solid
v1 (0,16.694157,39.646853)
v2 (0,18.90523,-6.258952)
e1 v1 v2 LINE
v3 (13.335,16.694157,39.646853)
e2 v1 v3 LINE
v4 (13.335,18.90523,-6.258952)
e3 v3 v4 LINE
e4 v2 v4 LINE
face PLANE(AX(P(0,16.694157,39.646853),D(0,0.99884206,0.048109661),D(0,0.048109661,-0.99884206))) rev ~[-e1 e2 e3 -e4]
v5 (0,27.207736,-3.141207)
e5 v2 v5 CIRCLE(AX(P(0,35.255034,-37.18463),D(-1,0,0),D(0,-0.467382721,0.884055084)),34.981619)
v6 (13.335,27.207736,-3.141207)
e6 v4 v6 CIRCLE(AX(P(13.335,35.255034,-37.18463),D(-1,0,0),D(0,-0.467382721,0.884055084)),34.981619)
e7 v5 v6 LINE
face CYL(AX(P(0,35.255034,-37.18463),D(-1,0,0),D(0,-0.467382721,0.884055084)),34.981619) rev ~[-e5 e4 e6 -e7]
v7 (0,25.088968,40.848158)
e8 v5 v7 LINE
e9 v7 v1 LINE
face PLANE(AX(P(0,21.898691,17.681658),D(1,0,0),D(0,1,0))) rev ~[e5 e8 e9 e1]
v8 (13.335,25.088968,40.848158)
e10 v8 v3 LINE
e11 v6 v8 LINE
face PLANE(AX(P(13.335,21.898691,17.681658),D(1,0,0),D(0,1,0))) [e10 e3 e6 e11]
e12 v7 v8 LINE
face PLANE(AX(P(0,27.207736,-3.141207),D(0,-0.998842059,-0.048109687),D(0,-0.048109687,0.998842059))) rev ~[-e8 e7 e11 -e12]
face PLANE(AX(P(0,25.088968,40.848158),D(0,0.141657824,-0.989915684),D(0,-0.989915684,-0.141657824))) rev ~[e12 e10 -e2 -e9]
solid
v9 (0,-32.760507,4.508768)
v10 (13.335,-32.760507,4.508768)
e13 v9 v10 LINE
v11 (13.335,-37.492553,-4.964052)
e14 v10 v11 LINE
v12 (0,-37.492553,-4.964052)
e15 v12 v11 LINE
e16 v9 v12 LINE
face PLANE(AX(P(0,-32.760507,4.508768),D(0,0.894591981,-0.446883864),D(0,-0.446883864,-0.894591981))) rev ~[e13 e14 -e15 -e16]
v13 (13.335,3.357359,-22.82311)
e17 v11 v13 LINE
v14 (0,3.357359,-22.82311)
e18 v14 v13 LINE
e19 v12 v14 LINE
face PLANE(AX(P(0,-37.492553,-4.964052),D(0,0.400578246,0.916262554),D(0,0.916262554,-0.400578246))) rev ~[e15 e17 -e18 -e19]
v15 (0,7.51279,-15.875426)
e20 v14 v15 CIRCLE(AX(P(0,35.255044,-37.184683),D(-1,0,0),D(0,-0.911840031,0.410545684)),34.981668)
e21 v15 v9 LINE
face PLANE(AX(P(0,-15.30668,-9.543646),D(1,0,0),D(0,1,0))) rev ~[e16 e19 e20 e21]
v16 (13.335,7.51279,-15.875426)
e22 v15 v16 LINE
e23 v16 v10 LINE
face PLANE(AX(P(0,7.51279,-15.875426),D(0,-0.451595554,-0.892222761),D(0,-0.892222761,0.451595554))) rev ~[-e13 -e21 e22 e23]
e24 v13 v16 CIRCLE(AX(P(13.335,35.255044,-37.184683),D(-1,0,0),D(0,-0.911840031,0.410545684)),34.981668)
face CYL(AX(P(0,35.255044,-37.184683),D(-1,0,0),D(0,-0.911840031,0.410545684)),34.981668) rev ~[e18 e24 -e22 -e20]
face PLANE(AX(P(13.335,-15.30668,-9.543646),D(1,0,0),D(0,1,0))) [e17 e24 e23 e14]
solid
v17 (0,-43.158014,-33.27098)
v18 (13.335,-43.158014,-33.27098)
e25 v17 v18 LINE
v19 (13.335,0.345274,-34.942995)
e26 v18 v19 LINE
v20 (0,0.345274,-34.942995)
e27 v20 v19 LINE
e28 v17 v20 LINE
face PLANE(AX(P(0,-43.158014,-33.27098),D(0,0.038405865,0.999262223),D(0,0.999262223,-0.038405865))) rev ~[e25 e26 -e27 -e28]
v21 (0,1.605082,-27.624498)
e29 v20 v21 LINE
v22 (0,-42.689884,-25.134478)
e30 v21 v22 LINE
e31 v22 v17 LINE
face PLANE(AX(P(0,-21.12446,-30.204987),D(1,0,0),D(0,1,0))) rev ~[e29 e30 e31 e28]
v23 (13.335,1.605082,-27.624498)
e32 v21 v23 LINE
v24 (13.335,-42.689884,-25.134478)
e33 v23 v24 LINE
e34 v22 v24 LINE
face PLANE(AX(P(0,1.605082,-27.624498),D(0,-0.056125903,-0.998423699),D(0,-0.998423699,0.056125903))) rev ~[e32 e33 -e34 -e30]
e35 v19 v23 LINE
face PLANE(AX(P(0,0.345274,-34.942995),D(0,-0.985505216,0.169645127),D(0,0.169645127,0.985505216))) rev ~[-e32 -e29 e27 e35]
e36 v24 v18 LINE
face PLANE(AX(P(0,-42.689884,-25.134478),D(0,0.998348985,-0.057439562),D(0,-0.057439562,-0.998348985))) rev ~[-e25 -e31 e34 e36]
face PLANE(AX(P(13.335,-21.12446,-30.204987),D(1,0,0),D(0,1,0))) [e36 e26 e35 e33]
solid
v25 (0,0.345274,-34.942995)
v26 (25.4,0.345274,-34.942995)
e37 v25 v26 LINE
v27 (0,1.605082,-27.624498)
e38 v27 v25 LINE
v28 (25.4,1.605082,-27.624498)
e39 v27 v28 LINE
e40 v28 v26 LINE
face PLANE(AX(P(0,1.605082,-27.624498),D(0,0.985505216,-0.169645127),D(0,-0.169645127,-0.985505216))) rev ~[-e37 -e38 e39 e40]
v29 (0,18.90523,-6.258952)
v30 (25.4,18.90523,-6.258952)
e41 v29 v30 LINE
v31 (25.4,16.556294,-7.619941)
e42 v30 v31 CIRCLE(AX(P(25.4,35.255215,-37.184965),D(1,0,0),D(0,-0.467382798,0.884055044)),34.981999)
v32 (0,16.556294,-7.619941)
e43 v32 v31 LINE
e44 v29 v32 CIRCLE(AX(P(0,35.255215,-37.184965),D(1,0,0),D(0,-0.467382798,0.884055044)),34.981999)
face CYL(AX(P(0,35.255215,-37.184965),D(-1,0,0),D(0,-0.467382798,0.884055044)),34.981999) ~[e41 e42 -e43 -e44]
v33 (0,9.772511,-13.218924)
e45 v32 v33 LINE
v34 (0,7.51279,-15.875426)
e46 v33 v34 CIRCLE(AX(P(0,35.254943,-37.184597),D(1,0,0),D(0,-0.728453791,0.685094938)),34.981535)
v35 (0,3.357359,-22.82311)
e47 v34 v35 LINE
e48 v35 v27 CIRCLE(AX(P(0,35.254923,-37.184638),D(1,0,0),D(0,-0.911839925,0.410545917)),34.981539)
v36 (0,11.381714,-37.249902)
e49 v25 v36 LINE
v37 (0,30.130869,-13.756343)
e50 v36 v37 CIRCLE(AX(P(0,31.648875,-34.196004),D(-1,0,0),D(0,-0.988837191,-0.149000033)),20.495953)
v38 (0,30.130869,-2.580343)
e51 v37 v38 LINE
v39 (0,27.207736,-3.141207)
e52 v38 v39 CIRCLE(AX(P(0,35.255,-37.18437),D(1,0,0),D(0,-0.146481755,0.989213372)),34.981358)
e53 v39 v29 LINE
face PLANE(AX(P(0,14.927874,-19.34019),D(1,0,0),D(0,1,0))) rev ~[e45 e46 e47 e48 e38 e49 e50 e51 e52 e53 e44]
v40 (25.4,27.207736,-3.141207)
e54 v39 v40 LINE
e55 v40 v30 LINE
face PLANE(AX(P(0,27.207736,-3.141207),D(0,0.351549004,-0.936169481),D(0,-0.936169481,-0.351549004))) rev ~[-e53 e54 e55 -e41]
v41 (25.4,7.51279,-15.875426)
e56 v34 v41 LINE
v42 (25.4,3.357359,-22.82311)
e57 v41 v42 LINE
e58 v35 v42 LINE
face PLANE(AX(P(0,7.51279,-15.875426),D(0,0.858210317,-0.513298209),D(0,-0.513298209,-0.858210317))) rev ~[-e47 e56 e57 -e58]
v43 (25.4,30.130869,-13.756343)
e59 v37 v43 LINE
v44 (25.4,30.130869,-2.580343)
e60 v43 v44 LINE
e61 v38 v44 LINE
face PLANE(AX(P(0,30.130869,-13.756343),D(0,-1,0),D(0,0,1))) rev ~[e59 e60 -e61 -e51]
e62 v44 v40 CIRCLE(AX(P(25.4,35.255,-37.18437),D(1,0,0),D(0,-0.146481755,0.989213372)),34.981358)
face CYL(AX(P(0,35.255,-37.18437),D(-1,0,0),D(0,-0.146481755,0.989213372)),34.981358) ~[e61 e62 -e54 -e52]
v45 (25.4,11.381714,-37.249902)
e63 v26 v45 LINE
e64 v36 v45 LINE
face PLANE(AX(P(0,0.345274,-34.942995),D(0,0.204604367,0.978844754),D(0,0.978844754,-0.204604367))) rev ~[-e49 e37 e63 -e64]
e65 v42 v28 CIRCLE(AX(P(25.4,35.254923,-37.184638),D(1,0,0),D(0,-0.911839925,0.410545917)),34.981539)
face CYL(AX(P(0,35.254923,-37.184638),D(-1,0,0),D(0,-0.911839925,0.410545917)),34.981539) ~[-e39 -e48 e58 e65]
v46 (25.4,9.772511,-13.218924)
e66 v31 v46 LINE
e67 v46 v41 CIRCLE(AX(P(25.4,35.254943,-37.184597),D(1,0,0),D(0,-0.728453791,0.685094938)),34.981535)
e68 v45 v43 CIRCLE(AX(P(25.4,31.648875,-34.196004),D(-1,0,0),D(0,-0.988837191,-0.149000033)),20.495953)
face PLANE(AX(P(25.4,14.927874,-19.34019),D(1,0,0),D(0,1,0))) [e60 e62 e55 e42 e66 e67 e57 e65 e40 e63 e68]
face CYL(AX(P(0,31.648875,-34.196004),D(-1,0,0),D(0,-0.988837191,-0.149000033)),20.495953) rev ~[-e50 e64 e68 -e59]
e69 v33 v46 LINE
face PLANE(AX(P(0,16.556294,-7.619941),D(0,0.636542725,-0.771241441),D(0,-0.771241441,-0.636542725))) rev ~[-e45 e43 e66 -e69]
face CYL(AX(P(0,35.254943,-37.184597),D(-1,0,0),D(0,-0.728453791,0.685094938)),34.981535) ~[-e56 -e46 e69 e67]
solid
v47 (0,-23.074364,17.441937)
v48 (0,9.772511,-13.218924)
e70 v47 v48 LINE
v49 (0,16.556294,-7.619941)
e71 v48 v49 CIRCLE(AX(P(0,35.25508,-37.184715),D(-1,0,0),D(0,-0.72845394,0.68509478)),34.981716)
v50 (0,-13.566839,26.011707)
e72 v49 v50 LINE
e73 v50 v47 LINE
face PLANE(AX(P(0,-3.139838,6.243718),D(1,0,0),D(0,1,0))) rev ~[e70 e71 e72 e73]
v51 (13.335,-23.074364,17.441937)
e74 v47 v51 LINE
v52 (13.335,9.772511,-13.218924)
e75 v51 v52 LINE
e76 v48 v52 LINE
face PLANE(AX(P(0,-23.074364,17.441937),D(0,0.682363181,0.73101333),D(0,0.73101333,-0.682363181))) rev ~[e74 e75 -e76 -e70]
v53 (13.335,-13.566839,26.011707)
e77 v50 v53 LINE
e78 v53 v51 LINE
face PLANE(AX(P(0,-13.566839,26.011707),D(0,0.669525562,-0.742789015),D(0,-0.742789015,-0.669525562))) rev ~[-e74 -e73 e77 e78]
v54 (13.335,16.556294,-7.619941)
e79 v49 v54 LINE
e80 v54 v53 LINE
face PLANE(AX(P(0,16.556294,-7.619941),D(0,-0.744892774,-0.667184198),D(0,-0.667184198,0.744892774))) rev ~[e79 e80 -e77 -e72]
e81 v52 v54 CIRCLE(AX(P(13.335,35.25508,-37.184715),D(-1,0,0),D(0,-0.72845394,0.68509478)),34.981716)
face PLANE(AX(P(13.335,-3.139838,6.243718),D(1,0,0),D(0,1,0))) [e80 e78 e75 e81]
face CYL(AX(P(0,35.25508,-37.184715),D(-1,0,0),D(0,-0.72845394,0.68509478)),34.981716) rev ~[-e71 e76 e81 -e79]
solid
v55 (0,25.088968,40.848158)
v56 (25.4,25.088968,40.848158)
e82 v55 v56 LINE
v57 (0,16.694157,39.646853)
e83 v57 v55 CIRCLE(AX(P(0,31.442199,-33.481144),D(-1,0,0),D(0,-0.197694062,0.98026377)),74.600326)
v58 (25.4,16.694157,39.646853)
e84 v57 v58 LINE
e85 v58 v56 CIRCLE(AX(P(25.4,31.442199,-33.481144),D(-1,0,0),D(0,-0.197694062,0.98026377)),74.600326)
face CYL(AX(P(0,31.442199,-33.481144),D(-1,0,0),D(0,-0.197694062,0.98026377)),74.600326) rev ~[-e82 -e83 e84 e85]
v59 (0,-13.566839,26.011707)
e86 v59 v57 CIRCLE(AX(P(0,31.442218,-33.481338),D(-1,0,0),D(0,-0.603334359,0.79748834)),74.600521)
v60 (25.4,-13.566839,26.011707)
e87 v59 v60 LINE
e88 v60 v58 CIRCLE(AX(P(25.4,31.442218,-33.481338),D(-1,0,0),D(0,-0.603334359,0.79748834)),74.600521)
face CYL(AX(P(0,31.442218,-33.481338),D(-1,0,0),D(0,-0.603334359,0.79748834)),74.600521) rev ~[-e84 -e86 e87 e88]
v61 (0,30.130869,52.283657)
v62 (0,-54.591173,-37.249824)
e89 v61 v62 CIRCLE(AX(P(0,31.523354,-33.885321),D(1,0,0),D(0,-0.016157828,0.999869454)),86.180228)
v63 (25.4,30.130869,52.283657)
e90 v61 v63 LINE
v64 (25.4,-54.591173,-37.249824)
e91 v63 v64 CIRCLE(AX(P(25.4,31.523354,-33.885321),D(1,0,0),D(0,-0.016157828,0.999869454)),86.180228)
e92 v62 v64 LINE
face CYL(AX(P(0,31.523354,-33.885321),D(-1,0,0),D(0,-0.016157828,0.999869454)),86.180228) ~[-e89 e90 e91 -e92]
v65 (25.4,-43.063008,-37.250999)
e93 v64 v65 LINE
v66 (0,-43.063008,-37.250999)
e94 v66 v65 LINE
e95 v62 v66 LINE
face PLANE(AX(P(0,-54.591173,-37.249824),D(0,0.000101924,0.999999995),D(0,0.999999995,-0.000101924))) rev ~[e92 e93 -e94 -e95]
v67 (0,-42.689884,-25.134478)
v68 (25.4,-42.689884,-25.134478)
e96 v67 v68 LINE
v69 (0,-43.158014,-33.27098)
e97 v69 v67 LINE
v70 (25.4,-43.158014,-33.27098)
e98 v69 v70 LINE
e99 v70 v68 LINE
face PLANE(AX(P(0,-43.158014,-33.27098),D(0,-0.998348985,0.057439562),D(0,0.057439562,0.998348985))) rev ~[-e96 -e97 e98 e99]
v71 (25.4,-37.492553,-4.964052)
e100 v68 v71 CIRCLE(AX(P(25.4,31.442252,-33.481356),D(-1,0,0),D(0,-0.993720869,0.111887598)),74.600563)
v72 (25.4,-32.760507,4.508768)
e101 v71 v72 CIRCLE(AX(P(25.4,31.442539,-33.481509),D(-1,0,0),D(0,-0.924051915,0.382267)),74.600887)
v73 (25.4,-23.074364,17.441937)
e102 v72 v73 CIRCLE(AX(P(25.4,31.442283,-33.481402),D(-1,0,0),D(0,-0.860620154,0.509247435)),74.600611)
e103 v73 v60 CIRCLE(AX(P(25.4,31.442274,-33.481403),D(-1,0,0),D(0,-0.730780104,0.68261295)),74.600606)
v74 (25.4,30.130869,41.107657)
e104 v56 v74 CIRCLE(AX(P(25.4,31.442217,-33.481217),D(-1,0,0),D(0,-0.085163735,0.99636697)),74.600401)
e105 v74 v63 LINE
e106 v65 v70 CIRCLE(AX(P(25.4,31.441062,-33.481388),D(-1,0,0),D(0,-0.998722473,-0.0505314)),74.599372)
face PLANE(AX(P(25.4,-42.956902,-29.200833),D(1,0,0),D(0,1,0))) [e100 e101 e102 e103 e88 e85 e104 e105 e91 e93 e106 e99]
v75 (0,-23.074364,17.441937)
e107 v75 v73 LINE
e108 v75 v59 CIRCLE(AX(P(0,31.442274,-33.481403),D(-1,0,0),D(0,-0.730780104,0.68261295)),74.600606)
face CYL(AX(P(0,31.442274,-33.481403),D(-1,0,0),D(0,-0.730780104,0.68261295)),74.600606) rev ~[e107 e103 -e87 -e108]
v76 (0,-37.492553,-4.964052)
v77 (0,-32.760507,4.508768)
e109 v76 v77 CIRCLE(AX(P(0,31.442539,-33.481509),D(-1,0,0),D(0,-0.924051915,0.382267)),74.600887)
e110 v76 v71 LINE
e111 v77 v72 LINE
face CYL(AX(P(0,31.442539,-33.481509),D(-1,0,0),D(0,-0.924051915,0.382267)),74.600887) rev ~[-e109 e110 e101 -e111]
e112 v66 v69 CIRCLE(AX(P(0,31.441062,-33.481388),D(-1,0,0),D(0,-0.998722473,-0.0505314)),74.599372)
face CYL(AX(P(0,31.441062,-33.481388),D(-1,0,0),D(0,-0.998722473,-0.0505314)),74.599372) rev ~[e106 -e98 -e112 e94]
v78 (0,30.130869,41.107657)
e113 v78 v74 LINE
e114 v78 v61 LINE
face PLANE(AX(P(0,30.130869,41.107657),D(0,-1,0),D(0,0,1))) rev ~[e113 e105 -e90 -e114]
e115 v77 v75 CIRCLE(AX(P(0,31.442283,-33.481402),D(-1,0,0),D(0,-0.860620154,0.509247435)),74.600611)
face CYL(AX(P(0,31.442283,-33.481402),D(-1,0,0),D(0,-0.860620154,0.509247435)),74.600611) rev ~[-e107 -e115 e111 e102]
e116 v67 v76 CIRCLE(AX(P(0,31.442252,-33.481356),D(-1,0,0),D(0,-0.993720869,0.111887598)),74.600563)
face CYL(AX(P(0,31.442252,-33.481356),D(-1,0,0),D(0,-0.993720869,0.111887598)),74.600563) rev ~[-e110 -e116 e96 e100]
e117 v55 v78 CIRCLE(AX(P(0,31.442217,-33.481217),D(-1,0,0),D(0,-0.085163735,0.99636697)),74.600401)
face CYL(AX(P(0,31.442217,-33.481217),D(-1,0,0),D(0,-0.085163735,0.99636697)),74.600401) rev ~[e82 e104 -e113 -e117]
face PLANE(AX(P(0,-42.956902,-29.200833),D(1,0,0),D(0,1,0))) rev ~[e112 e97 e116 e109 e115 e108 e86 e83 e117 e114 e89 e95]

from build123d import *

# Parameters (mm, degrees)
F1_DEPTH = 25.4
F2_DEPTH = 13.335


with BuildPart() as f1:
    # F0 (on Right) → F1 (new body)
    with BuildSketch(Plane.YZ):
        with BuildLine():
            ThreePointArc((-42.689884, -25.134478), (-43.035144, -29.196331), (-43.158014, -33.27098))
            Line((-43.158014, -33.27098), (-42.689884, -25.134478))
        make_face()
        with BuildLine():
            ThreePointArc((25.088968, 40.848158), (27.607723, 41.020571), (30.130869, 41.107657))
            Line((30.130869, 41.107657), (30.130869, 52.283657))
            ThreePointArc((30.130869, 52.283657), (-31.074013, 25.348127), (-54.591173, -37.249824))
            Line((-54.591173, -37.249824), (-43.063008, -37.250999))
            ThreePointArc((-43.063008, -37.250999), (-43.137066, -35.261623), (-43.158014, -33.27098))
            ThreePointArc((-43.158014, -33.27098), (-43.035144, -29.196331), (-42.689884, -25.134478))
            ThreePointArc((-42.689884, -25.134478), (-40.798657, -14.866979), (-37.492553, -4.964052))
            ThreePointArc((-37.492553, -4.964052), (-35.294816, -0.143577), (-32.760507, 4.508768))
            ThreePointArc((-32.760507, 4.508768), (-28.268628, 11.238374), (-23.074364, 17.441937))
            ThreePointArc((-23.074364, 17.441937), (-18.504738, 21.931108), (-13.566839, 26.011707))
            ThreePointArc((-13.566839, 26.011707), (0.795724, 34.533587), (16.694157, 39.646853))
            ThreePointArc((16.694157, 39.646853), (20.874479, 40.366889), (25.088968, 40.848158))
        make_face()
        with BuildLine():
            ThreePointArc((11.381714, -37.249902), (15.629037, -21.411291), (30.130869, -13.756343))
            Line((30.130869, -13.756343), (30.130869, -2.580343))
            ThreePointArc((30.130869, -2.580343), (28.663334, -2.829671), (27.207736, -3.141207))
            Line((27.207736, -3.141207), (18.90523, -6.258952))
            ThreePointArc((18.90523, -6.258952), (17.717555, -6.916652), (16.556294, -7.619941))
            Line((16.556294, -7.619941), (9.772511, -13.218924))
            ThreePointArc((9.772511, -13.218924), (8.609524, -14.518996), (7.51279, -15.875426))
            Line((7.51279, -15.875426), (3.357359, -22.82311))
            ThreePointArc((3.357359, -22.82311), (2.393412, -25.191758), (1.605082, -27.624498))
            Line((1.605082, -27.624498), (0.345274, -34.942995))
            Line((0.345274, -34.942995), (11.381714, -37.249902))
        make_face()
    extrude(amount=F1_DEPTH)


with BuildPart() as f2:
    # F0 (on Right) → F2 (new body)
    with BuildSketch(Plane.YZ):
        with BuildLine():
            ThreePointArc((9.772511, -13.218924), (12.987723, -10.205366), (16.556294, -7.619941))
            Line((16.556294, -7.619941), (-13.566839, 26.011707))
            Line((-13.566839, 26.011707), (-23.074364, 17.441937))
            Line((-23.074364, 17.441937), (9.772511, -13.218924))
        make_face()
        with BuildLine():
            ThreePointArc((18.90523, -6.258952), (22.957281, -4.435906), (27.207736, -3.141207))
            Line((27.207736, -3.141207), (25.088968, 40.848158))
            Line((25.088968, 40.848158), (16.694157, 39.646853))
            Line((16.694157, 39.646853), (18.90523, -6.258952))
        make_face()
        with BuildLine():
            Line((-37.492553, -4.964052), (3.357359, -22.82311))
            ThreePointArc((3.357359, -22.82311), (5.233416, -19.228655), (7.51279, -15.875426))
            Line((7.51279, -15.875426), (-32.760507, 4.508768))
            Line((-32.760507, 4.508768), (-37.492553, -4.964052))
        make_face()
        Polygon((-43.158014, -33.27098), (0.345274, -34.942995), (1.605082, -27.624498), (-42.689884, -25.134478), align=None)
    extrude(amount=F2_DEPTH)


solid = Compound([f1.part, f2.part])
